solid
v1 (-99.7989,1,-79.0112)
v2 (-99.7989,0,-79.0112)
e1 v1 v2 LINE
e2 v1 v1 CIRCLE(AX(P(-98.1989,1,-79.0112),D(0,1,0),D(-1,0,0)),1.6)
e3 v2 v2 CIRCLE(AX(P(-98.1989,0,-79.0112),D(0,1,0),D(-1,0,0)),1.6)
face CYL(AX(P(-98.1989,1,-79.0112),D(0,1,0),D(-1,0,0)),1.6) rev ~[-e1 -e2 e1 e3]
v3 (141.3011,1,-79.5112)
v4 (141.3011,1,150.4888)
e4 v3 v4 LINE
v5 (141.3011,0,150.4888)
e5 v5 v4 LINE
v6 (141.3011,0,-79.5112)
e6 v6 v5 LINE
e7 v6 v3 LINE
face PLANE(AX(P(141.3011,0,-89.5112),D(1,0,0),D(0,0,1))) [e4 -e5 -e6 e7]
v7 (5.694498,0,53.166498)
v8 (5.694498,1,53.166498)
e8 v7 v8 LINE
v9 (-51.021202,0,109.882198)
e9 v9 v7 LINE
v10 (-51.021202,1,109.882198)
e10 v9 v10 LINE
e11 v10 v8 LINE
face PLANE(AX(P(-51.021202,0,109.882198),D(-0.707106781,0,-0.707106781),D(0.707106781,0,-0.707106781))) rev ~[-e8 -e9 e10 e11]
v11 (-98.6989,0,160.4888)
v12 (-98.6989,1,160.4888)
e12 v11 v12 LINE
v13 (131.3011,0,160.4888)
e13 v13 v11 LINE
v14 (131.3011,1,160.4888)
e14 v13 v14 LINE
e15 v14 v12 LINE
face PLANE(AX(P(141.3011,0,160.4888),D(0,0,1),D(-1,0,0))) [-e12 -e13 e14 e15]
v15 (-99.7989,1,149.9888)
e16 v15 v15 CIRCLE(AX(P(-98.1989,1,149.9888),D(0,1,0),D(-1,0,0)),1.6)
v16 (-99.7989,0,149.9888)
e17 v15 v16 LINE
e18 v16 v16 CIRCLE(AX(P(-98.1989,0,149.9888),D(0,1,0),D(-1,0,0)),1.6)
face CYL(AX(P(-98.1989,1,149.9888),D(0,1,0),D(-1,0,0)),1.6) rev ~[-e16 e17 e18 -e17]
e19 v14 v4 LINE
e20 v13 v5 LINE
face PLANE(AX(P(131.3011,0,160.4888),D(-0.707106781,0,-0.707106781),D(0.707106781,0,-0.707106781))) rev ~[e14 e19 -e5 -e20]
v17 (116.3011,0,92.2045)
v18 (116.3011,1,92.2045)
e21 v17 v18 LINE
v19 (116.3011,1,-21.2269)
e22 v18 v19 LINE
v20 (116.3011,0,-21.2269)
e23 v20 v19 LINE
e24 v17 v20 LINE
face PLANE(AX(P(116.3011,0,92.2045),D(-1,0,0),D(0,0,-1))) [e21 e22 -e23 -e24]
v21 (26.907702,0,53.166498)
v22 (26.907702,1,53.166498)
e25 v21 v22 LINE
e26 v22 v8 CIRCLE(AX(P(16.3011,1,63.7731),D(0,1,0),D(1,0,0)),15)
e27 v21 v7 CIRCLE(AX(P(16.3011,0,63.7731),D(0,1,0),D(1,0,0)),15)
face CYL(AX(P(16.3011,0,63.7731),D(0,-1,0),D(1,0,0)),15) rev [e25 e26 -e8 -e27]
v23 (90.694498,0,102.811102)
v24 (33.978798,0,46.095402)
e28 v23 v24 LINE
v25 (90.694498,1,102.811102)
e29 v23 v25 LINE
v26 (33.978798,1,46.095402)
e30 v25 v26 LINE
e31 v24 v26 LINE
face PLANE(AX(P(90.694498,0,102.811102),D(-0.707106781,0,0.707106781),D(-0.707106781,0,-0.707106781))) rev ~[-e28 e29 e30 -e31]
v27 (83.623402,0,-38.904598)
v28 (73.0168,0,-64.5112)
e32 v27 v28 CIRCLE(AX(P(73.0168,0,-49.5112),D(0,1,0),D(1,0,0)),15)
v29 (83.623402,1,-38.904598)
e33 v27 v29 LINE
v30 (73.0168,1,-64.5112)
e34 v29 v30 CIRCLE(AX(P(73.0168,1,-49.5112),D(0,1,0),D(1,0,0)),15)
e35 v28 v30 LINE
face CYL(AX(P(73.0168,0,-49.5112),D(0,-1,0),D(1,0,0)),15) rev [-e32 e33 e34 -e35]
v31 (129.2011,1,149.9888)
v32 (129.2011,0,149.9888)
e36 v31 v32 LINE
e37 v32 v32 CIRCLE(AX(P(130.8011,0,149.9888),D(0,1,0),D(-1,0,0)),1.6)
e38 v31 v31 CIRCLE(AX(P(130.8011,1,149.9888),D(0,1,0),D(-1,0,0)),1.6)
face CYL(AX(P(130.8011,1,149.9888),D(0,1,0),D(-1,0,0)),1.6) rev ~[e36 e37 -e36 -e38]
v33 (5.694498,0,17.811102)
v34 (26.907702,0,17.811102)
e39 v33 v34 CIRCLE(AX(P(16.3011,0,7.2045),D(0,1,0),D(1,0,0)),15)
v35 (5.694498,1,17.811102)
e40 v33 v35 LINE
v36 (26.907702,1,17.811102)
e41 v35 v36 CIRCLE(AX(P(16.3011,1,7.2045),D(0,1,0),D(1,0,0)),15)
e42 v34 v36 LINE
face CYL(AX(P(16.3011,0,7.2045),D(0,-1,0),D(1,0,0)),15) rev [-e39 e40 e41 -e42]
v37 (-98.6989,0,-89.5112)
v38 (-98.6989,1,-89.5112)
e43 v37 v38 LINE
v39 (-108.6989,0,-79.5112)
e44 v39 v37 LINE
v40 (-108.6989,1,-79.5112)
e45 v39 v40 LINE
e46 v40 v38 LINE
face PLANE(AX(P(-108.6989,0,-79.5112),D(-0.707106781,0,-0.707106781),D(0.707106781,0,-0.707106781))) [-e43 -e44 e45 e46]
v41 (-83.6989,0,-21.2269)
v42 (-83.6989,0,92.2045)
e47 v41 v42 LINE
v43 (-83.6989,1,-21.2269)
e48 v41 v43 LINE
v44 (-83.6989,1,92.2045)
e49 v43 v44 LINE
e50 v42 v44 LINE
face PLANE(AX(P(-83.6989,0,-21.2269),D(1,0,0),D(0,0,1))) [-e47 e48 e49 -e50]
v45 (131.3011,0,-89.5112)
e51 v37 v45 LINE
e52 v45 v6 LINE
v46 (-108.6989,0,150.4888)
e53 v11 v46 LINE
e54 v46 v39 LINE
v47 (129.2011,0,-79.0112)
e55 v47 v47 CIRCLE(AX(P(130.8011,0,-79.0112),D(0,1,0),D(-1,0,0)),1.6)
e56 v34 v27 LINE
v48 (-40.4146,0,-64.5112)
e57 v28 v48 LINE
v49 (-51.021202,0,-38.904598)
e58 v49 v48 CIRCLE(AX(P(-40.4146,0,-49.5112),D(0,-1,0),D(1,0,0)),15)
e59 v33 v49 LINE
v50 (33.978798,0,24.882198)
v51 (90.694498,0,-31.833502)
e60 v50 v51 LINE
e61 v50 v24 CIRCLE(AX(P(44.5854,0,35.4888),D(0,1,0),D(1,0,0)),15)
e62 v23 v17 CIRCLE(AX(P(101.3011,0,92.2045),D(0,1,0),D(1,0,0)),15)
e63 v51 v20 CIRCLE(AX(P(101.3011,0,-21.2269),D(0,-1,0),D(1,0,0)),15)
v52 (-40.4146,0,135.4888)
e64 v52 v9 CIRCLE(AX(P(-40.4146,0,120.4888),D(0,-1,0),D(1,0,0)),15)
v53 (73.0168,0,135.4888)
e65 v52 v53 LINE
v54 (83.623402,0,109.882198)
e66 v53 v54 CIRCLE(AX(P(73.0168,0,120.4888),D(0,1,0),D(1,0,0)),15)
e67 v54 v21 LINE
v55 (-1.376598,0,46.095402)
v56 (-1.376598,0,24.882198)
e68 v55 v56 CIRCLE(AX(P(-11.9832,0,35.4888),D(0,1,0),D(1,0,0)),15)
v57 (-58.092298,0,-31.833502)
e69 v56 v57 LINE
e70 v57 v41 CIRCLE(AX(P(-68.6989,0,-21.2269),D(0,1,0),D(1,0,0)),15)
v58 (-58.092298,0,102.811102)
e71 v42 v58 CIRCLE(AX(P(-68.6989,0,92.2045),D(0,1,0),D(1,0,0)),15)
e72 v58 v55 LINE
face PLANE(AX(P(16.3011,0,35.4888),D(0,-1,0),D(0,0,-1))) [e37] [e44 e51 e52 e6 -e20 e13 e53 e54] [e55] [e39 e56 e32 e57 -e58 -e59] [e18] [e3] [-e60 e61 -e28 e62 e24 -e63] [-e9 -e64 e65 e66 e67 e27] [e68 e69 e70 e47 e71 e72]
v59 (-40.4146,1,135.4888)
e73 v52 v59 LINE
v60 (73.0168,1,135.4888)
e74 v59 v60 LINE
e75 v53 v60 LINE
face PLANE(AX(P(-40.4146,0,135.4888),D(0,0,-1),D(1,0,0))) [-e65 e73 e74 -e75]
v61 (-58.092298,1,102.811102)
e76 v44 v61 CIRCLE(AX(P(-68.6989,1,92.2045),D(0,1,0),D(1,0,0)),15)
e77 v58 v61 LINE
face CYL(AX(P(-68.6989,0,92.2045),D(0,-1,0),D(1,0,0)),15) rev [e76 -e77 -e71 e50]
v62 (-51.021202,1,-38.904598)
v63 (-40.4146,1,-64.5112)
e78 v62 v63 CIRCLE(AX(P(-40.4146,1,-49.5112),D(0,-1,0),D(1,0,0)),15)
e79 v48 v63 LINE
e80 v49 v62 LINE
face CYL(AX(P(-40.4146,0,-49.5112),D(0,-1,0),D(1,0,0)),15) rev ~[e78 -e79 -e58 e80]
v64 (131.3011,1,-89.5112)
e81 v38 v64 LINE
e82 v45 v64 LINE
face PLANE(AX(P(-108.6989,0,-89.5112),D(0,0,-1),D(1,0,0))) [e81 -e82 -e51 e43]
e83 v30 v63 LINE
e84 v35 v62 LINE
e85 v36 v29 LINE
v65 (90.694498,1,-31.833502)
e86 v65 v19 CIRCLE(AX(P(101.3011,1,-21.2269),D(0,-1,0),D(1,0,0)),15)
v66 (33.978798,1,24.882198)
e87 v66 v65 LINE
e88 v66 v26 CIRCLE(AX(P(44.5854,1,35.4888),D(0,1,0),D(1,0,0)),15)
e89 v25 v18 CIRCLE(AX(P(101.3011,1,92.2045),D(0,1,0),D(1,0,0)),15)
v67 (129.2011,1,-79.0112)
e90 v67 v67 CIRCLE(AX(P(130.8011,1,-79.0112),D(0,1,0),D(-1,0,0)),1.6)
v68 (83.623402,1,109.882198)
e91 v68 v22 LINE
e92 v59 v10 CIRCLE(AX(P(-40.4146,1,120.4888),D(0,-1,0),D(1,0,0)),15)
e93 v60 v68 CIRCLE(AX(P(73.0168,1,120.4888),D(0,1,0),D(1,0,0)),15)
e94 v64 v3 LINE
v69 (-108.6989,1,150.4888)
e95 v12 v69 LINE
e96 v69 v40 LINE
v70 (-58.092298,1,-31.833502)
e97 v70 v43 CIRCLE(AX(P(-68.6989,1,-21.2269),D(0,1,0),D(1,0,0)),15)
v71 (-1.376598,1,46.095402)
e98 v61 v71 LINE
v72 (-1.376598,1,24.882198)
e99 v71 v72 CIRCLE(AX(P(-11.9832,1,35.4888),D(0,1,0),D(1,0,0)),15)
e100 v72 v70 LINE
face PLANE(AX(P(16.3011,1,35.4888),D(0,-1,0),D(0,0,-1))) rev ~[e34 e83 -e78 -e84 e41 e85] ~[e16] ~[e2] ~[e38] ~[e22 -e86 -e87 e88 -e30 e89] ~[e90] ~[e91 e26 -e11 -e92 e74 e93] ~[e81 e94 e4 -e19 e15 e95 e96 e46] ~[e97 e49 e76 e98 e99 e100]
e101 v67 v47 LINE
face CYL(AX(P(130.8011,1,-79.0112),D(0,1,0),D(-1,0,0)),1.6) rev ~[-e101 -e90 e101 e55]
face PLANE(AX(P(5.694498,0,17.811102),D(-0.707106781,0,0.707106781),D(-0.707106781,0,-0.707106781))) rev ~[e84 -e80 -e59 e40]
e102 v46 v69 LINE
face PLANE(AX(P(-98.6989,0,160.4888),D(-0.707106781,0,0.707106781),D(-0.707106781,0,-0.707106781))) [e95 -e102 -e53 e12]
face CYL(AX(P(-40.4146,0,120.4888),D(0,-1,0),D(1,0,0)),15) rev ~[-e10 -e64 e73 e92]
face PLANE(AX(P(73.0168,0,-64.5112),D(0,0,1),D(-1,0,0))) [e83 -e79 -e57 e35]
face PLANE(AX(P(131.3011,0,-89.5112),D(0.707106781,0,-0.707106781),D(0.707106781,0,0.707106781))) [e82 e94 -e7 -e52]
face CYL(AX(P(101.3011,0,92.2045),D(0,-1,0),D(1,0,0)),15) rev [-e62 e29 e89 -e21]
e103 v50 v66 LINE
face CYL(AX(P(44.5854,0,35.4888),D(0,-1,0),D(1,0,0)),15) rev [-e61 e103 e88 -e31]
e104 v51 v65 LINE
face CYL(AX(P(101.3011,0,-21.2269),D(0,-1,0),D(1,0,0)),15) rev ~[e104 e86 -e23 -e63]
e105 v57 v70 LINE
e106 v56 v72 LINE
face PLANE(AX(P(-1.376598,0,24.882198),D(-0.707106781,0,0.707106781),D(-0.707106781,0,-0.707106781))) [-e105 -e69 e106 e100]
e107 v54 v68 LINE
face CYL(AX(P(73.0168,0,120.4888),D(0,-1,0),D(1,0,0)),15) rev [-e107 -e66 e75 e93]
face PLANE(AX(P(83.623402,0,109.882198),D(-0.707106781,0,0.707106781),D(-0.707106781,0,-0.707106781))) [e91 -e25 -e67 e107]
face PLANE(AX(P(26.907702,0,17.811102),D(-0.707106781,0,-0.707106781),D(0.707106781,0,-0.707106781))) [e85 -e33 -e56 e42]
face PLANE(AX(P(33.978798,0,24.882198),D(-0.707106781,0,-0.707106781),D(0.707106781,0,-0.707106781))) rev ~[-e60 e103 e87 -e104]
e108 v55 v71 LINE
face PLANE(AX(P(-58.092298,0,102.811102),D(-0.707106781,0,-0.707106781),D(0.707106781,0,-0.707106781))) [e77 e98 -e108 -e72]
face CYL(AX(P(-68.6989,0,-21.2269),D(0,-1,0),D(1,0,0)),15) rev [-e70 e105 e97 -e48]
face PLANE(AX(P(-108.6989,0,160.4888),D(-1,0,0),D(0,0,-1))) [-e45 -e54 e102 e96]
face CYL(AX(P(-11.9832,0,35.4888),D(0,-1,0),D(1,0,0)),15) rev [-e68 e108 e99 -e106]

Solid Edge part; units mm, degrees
sketch "Sketch1" plane through (0, 0, 0) normal (0, -1, 0) x (1, 0, 0)
  line L0 (141.3011, -89.5112) -> (141.3011, 160.4888)
  line L1 (141.3011, 160.4888) -> (-108.6989, 160.4888)
  line L2 (-108.6989, 160.4888) -> (-108.6989, -89.5112)
  line L3 (-108.6989, -89.5112) -> (141.3011, -89.5112)
extrude "Protrusion1" add sketch "Sketch1" against normal blind 1
sketch "Sketch2" plane through (16.3011, 0, 35.4888) normal (0, -1, 0) x (1, 0, 0)
  line L0 (-10.6066, -17.6777) -> (-67.3223, -74.3934)
  arc A0 (-67.3223, -74.3934) -> (-56.7157, -100) centre (-56.7157, -85) ccw
  line L1 (56.7157, -100) -> (-56.7157, -100)
  arc A1 (67.3223, -74.3934) -> (56.7157, -100) centre (56.7157, -85) cw
  line L2 (10.6066, -17.6777) -> (67.3223, -74.3934)
  arc A2 (-10.6066, -17.6777) -> (10.6066, -17.6777) centre (0, -28.2843) cw
  line L3 (-17.6777, -10.6066) -> (-74.3934, -67.3223)
  arc A3 (-74.3934, -67.3223) -> (-100, -56.7157) centre (-85, -56.7157) cw
  line L4 (-100, -56.7157) -> (-100, 56.7157)
  arc A4 (-100, 56.7157) -> (-74.3934, 67.3223) centre (-85, 56.7157) cw
  line L5 (-74.3934, 67.3223) -> (-17.6777, 10.6066)
  arc A5 (-17.6777, 10.6066) -> (-17.6777, -10.6066) centre (-28.2843, 0) cw
  arc A6 (10.6066, 17.6777) -> (-10.6066, 17.6777) centre (0, 28.2843) cw
  line L6 (-67.3223, 74.3934) -> (-10.6066, 17.6777)
  arc A7 (-56.7157, 100) -> (-67.3223, 74.3934) centre (-56.7157, 85) ccw
  line L7 (-56.7157, 100) -> (56.7157, 100)
  arc A8 (56.7157, 100) -> (67.3223, 74.3934) centre (56.7157, 85) cw
  line L8 (67.3223, 74.3934) -> (10.6066, 17.6777)
  arc A9 (17.6777, -10.6066) -> (17.6777, 10.6066) centre (28.2843, 0) cw
  line L9 (74.3934, 67.3223) -> (17.6777, 10.6066)
  arc A10 (74.3934, 67.3223) -> (100, 56.7157) centre (85, 56.7157) cw
  line L10 (100, 56.7157) -> (100, -56.7157)
  arc A11 (74.3934, -67.3223) -> (100, -56.7157) centre (85, -56.7157) ccw
  line L11 (17.6777, -10.6066) -> (74.3934, -67.3223)
  dimension "D1" = 25
extrude "ExtrudedCutout_1" cut sketch "Sketch2" against normal blind 1
sketch "Sketch3" plane through (16.3011, 0, 35.4888) normal (0, -1, 0) x (-1, 0, 0)
  line L0 (-115, -125) -> (-125, -115)
  line L1 (-125, -125) -> (-125, -115)
  line L2 (-125, -125) -> (-115, -125)
  line L3 (-115, 125) -> (-125, 115)
  line L4 (-125, 125) -> (-125, 115)
  line L5 (-125, 125) -> (-115, 125)
  line L6 (125, 115) -> (115, 125)
  line L7 (125, 125) -> (115, 125)
  line L8 (125, 125) -> (125, 115)
  line L9 (115, -125) -> (125, -115)
  line L10 (125, -125) -> (125, -115)
  line L11 (125, -125) -> (115, -125)
extrude "ExtrudedCutout_2" cut sketch "Sketch3" against normal blind 1
sketch "Sketch4" plane through (16.3011, 1, 35.4888) normal (0, 1, 0) x (-1, 0, 0)
  circle A0 centre (114.5, -114.5) radius 1.6
  circle A1 centre (-114.5, -114.5) radius 1.6
  circle A2 centre (114.5, 114.5) radius 1.6
  circle A3 centre (-114.5, 114.5) radius 1.6
extrude "Cutout1" cut sketch "Sketch4" against normal up to next
